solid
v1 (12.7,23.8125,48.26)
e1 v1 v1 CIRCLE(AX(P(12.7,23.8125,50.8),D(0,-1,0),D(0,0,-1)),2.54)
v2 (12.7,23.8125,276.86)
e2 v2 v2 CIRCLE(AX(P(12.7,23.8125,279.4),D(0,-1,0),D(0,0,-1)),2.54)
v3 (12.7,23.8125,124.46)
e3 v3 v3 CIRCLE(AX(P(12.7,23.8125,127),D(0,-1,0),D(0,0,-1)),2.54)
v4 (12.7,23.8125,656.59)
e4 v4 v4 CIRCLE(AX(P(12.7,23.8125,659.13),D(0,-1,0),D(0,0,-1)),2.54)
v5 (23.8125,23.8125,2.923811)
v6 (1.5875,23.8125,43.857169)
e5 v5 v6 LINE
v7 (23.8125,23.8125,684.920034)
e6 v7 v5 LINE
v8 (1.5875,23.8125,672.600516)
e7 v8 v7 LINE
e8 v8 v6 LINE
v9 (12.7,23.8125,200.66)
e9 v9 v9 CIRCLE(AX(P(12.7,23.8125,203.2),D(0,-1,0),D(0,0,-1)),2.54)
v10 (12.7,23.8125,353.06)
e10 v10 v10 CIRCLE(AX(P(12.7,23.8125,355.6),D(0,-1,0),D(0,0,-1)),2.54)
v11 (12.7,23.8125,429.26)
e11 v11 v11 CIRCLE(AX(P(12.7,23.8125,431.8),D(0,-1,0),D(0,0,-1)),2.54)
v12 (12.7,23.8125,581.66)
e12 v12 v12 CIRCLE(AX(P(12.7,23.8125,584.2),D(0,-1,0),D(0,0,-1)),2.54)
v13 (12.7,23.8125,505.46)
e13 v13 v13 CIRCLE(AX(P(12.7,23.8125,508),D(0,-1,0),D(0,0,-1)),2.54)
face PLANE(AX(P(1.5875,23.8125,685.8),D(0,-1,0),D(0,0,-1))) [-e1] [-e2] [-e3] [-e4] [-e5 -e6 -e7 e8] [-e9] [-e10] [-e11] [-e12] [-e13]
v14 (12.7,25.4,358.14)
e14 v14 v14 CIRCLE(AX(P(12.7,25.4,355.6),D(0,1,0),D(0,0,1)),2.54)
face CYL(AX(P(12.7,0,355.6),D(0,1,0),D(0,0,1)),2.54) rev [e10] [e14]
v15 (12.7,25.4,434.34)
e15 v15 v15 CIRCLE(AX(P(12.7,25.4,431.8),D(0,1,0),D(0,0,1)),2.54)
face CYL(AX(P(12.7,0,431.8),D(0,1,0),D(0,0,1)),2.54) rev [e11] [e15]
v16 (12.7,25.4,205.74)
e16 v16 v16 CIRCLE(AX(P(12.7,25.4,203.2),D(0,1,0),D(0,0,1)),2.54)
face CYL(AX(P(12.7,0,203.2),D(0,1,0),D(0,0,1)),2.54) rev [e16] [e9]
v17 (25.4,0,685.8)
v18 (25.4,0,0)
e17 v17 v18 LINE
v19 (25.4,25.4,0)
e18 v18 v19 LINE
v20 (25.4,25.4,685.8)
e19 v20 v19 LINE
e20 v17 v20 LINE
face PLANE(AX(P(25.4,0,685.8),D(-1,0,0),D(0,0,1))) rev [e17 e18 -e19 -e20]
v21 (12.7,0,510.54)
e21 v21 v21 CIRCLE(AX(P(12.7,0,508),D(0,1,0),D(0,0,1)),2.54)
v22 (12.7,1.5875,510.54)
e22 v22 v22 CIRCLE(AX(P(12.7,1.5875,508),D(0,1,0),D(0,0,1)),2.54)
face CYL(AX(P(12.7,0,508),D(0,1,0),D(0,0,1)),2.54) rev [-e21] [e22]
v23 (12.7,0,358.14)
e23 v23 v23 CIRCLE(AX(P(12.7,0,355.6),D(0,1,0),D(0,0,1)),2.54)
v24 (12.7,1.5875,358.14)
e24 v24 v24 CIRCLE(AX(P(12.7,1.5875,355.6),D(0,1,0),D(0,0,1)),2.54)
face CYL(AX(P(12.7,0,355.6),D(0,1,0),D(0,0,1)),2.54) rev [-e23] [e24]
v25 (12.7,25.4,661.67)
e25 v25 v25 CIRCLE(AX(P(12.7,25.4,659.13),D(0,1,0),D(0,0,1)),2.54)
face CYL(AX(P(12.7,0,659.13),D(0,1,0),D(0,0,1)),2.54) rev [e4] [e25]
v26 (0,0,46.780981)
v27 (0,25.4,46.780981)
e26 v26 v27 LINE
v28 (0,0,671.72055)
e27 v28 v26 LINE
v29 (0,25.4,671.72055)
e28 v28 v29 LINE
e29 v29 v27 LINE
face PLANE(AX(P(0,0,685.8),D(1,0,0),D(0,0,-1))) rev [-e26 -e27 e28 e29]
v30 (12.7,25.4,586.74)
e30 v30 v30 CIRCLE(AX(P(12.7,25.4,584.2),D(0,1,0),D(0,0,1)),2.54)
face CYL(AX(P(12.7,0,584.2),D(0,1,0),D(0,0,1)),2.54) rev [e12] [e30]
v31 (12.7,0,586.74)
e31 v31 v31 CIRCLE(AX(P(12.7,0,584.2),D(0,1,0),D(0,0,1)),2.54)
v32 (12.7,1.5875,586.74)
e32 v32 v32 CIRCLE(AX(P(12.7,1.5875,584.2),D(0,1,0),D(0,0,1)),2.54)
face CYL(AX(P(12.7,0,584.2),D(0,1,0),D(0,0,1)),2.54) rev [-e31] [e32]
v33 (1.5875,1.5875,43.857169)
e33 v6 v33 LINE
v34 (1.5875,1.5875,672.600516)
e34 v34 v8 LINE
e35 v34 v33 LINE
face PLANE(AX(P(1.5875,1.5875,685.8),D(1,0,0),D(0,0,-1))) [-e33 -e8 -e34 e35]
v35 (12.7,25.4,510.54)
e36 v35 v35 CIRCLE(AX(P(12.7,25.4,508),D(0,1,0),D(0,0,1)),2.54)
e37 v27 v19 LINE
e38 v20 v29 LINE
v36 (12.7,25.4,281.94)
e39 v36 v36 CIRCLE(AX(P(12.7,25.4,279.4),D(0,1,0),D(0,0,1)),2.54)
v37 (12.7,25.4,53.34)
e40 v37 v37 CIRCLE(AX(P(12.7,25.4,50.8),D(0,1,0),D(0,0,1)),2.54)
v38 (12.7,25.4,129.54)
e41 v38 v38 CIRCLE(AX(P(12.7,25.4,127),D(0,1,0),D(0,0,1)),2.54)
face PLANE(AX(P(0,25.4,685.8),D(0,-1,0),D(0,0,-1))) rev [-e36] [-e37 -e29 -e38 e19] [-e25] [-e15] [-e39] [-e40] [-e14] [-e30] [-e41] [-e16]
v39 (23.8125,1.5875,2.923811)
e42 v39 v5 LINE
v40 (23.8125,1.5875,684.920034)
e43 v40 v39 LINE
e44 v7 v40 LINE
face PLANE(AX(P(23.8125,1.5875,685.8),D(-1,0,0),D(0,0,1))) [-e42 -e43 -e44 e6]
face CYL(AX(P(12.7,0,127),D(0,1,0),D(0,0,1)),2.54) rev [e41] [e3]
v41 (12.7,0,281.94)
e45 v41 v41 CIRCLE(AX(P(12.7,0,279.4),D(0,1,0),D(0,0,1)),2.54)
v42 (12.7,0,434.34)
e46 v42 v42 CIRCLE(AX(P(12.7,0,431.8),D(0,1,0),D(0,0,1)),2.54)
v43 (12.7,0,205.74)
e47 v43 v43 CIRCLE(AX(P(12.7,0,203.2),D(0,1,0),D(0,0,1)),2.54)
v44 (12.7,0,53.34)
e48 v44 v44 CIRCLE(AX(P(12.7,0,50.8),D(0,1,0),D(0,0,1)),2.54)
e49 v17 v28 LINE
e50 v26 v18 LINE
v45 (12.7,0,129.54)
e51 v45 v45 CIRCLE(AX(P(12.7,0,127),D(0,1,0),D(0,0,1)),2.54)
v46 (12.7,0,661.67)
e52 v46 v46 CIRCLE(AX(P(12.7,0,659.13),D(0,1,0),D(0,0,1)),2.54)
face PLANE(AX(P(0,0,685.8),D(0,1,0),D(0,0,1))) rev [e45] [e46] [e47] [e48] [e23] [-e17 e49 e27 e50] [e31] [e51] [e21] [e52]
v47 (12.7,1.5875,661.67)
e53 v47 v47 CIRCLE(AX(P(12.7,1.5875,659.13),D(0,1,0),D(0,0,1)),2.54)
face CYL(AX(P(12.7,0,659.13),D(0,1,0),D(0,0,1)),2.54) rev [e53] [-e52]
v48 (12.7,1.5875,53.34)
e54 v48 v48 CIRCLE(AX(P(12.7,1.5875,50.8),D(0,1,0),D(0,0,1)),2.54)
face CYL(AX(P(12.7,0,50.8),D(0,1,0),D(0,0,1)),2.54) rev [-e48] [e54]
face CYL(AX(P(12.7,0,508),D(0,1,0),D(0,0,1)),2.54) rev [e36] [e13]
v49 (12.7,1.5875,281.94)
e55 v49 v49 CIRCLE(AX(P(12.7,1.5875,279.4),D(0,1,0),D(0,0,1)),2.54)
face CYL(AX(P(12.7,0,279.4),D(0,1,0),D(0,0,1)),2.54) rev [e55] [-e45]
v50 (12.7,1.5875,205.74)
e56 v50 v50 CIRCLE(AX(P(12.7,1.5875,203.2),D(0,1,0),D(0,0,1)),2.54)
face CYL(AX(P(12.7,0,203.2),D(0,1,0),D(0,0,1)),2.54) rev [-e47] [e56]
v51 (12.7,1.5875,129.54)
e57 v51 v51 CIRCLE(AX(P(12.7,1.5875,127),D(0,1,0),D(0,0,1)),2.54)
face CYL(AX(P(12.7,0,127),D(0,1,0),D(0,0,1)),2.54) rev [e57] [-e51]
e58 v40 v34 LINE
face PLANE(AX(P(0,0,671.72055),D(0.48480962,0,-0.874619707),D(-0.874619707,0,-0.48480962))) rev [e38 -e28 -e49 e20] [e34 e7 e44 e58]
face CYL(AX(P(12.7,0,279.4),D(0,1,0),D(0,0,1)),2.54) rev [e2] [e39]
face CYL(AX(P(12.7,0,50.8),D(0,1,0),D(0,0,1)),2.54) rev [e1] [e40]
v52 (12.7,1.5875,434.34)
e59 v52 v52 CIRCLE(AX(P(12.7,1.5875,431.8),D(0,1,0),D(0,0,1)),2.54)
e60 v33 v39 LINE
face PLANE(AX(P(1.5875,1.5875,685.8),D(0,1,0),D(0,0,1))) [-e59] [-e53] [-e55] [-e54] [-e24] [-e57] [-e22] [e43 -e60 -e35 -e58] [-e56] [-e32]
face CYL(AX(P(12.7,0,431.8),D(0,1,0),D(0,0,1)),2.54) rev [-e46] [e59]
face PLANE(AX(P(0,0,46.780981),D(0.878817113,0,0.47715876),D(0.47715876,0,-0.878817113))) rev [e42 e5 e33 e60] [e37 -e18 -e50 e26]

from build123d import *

# Parameters (mm, degrees)
SKETCH1_W           = 25.4
SKETCH1_H           = 25.4
SKETCH1_W_2         = 22.225
SKETCH1_H_2         = 22.225
BOSS_EXTRUDE1_DEPTH = 685.8
SKETCH3_R           = 2.54
CUT_EXTRUDE2_DEPTH  = 687.740096397


with BuildPart() as part:
    # Sketch1 → Boss-Extrude1 (new body)
    with BuildSketch(Plane.XY):
        with Locations((12.7, 12.7)):
            Rectangle(SKETCH1_W, SKETCH1_H)
        with Locations((12.7, 12.7)):
            Rectangle(SKETCH1_W_2, SKETCH1_H_2, mode=Mode.SUBTRACT)
    extrude(amount=BOSS_EXTRUDE1_DEPTH)

    # Sketch3 → Cut-Extrude2 (cut, through all)
    with BuildSketch(Plane(origin=(0, 25.4, 0), x_dir=(1, 0, 0), z_dir=(0, 1, 0))):
        with Locations(Location((12.7, -50.8, 0), (0, 0, 270))):
            Circle(SKETCH3_R)
        with Locations(Location((12.7, -127, 0), (0, 0, 270))):
            Circle(SKETCH3_R)
        with Locations(Location((12.7, -203.2, 0), (0, 0, 270))):
            Circle(SKETCH3_R)
        with Locations(Location((12.7, -279.4, 0), (0, 0, 270))):
            Circle(SKETCH3_R)
        with Locations(Location((12.7, -355.6, 0), (0, 0, 270))):
            Circle(SKETCH3_R)
        with Locations(Location((12.7, -431.8, 0), (0, 0, 270))):
            Circle(SKETCH3_R)
        with Locations(Location((12.7, -508, 0), (0, 0, 270))):
            Circle(SKETCH3_R)
        with Locations(Location((12.7, -584.2, 0), (0, 0, 270))):
            Circle(SKETCH3_R)
        with Locations(Location((12.7, -659.13, 0), (0, 0, 270))):
            Circle(SKETCH3_R)
        Polygon((0, 0), (0, -46.780980505), (25.4, 0), align=None)
        Polygon((0, -685.8), (0, -671.720550093), (25.4, -685.8), align=None)
    extrude(amount=-CUT_EXTRUDE2_DEPTH, mode=Mode.SUBTRACT)


solid = part.part
